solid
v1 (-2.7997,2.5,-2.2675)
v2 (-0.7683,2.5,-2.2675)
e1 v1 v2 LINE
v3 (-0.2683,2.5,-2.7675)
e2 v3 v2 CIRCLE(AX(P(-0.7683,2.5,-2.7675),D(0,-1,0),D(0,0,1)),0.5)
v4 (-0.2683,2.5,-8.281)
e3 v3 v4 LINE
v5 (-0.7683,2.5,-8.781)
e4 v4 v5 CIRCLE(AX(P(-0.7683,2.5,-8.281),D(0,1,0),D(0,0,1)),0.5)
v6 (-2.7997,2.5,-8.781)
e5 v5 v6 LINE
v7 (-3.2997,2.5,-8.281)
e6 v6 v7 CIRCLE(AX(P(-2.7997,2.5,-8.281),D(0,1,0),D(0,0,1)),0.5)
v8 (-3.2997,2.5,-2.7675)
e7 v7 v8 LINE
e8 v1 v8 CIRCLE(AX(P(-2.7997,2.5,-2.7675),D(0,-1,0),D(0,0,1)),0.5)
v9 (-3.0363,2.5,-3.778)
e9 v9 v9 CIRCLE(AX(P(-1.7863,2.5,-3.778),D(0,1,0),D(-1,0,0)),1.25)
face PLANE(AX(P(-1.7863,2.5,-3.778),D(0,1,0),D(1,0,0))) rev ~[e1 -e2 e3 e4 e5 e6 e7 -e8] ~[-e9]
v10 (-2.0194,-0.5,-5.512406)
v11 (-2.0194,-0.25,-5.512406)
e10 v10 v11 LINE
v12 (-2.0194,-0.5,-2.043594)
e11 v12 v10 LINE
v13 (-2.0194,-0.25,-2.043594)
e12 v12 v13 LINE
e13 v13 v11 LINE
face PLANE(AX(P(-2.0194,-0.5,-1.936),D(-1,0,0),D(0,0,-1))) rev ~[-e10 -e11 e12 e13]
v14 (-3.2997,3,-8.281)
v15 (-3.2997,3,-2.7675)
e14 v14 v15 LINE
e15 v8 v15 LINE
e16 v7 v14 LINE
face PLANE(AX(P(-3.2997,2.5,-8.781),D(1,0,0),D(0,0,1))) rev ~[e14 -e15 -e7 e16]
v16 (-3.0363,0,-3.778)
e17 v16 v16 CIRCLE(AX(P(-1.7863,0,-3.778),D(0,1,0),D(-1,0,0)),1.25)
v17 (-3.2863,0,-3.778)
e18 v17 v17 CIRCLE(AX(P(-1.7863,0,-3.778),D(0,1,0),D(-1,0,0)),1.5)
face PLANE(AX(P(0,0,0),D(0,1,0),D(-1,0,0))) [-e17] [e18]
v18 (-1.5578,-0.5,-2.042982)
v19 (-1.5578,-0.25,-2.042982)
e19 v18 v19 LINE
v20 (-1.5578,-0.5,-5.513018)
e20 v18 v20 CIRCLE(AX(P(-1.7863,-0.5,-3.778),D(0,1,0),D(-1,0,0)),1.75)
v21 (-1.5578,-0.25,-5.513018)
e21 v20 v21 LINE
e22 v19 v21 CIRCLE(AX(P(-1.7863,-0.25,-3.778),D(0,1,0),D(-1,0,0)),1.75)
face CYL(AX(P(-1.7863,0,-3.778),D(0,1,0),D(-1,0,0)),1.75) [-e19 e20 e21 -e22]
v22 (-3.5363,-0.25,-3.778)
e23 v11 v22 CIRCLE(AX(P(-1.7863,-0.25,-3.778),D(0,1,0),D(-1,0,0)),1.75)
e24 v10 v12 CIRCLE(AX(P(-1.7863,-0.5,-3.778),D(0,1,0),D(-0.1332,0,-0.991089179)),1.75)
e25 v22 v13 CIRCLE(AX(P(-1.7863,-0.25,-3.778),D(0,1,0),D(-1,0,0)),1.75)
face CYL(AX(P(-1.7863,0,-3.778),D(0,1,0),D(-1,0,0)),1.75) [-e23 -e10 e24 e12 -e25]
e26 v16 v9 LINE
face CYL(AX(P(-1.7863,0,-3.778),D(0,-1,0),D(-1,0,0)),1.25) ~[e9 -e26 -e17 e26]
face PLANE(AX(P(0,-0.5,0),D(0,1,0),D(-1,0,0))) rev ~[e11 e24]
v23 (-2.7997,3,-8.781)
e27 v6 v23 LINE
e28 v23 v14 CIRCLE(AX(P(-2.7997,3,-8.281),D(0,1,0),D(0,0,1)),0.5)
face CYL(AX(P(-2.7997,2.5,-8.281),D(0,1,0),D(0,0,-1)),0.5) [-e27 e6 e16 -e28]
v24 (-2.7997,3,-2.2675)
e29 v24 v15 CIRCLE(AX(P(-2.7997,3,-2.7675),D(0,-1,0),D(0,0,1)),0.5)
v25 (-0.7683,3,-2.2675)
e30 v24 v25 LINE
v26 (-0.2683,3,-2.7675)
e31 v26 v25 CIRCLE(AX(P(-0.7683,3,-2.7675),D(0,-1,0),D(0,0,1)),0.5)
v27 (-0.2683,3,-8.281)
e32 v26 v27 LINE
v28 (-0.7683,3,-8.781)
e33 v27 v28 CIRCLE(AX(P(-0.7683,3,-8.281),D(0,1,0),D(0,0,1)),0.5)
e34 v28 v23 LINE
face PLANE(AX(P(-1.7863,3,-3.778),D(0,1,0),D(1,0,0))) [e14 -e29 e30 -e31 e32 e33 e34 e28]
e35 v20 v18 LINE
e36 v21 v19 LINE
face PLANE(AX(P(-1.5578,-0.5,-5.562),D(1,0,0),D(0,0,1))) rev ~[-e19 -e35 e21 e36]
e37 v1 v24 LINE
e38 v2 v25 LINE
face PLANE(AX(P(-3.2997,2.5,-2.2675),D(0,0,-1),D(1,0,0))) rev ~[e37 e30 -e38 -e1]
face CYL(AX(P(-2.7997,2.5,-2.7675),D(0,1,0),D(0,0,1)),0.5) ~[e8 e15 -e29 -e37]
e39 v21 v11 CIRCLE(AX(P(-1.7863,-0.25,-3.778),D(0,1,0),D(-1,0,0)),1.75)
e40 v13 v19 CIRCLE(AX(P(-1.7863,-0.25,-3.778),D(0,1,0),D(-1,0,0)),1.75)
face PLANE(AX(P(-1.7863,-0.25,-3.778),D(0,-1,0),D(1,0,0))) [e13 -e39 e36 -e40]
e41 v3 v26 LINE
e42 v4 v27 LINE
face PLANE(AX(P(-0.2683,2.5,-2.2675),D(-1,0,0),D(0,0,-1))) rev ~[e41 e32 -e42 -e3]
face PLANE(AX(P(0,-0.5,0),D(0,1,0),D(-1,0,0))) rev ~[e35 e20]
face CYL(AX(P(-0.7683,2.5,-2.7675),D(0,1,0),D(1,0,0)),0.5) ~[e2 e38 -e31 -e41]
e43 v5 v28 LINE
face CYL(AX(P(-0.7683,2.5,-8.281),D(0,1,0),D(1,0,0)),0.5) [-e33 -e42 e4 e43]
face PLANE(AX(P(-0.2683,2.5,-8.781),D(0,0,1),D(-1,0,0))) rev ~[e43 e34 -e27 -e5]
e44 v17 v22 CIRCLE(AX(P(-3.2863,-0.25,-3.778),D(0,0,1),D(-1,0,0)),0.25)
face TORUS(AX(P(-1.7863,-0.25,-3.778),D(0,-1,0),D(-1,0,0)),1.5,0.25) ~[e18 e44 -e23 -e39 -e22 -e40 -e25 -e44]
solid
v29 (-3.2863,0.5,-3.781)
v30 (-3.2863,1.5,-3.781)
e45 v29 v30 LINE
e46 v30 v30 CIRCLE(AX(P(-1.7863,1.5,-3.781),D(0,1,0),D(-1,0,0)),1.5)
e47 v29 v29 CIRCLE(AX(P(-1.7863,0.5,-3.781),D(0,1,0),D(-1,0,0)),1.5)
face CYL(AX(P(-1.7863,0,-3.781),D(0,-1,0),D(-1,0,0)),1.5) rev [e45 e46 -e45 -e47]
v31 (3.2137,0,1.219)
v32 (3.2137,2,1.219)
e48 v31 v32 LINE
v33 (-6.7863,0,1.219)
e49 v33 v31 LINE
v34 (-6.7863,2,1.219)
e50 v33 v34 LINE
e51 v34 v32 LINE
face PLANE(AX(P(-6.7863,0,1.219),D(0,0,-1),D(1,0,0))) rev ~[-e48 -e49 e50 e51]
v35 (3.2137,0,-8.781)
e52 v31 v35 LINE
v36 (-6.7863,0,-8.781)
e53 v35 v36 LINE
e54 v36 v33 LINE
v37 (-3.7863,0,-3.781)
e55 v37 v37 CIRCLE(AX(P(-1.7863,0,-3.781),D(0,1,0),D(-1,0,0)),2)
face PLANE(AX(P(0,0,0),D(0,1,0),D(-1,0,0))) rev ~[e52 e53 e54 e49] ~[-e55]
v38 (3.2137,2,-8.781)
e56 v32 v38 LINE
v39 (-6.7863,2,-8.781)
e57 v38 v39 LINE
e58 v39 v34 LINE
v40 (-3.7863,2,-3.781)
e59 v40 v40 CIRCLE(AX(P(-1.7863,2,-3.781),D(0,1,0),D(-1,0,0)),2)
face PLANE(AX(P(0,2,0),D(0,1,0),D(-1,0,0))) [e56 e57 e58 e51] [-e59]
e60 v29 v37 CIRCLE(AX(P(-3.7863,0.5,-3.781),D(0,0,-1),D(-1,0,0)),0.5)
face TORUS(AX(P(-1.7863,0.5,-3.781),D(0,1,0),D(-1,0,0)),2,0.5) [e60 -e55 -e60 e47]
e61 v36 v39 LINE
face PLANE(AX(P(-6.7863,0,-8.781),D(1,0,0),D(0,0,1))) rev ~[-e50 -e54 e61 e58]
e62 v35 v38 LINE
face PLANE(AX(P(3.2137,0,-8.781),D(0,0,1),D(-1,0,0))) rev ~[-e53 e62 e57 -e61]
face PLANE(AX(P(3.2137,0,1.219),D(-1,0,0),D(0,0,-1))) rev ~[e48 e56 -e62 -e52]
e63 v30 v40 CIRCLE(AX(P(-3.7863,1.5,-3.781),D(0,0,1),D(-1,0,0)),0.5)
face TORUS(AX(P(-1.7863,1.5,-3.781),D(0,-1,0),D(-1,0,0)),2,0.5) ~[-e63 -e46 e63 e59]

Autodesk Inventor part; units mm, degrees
ref_plane "YZ Plane" through (0, 0, 0) normal (1, 0, 0) x (0, 1, 0)
ref_plane "XZ Plane" through (0, 0, 0) normal (0, 1, 0) x (-1, 0, 0)
ref_plane "XY Plane" through (0, 0, 0) normal (0, 0, 1) x (1, 0, 0)
sketch "Sketch1" plane through (0, 0, 0) normal (0, 1, 0) x (-1, 0, 0)
  line L0 (6.7863, 1.219) -> (-3.2137, 1.219)
  line L1 (-3.2137, 1.219) -> (-3.2137, -8.781)
  line L2 (-3.2137, -8.781) -> (6.7863, -8.781)
  line L3 (6.7863, -8.781) -> (6.7863, 1.219)
  circle A0 centre (1.7863, -3.781) radius 1.5
  point P0 (0, 0)
  dimension "d0" = 10
  dimension "d1" = 10
  dimension "d2" = 3
extrude "Extrusion1" add sketch "Sketch1" along normal blind 2
fillet "Fillet1" radius 0.5 1 edges at (-0.2863, 2, -3.781)
fillet "Fillet2" radius 0.5 1 edges at (-0.2863, 0, -3.781)
sketch "Sketch3" plane through (0, 0, 0) normal (0, 1, 0) x (-1, 0, 0)
  circle A0 centre (1.7863, -3.778) radius 1.25
  circle A1 centre (1.7863, -3.778) radius 1.75
  circle A2 centre (1.7863, -3.781) radius 1.5 projected
  point P0 (0, 0)
  dimension "d10" = 0
  dimension "d11" = 2.5
  dimension "d12" = 3.5
extrude "Extrusion2" add sketch "Sketch3" against normal blind 0.5 contours A0 | A1 | A2
extrude "Extrusion3" add sketch "Sketch3" along normal blind 2.5 contours A0
sketch "Sketch4" plane through (-1.7863, 2.5, -3.778) normal (0, 1, 0) x (1, 0, 0)
  line L0 (5, 5.003) -> (-5, 5.003) projected
  line L1 (-1.5134, -1.5105) -> (1.518, -1.5105)
  line L2 (1.518, -1.5105) -> (1.518, 5.003)
  line L3 (1.518, 5.003) -> (-1.5134, 5.003)
  line L4 (-1.5134, 5.003) -> (-1.5134, -1.5105)
  point P0 (1.7863, -3.778)
extrude "Extrusion4" add sketch "Sketch4" along normal blind 0.5
fillet "Fillet3" radius 0.5 4 edges at (-0.2683, 2.75, -2.2675) (-0.2683, 2.75, -8.781) (-3.2997, 2.75, -8.781) (-3.2997, 2.75, -2.2675)
fillet "Fillet4" radius 0.25 1 edges at (-0.0363, 0, -3.778)
sketch "Sketch5" plane through (-1.7863, -0.5, -3.778) normal (0, -1, 0) x (1, 0, 0)
  line L0 (-0.2331, -1.784) -> (0.2285, -1.784)
  line L1 (0.2285, -1.784) -> (0.2285, 1.842)
  line L2 (0.2285, 1.842) -> (-0.2331, 1.842)
  line L3 (-0.2331, 1.842) -> (-0.2331, -1.784)
  point P0 (1.7863, 3.778)
extrude "Extrusion5" cut sketch "Sketch5" against normal blind 0.25
properties part number "Lock"
